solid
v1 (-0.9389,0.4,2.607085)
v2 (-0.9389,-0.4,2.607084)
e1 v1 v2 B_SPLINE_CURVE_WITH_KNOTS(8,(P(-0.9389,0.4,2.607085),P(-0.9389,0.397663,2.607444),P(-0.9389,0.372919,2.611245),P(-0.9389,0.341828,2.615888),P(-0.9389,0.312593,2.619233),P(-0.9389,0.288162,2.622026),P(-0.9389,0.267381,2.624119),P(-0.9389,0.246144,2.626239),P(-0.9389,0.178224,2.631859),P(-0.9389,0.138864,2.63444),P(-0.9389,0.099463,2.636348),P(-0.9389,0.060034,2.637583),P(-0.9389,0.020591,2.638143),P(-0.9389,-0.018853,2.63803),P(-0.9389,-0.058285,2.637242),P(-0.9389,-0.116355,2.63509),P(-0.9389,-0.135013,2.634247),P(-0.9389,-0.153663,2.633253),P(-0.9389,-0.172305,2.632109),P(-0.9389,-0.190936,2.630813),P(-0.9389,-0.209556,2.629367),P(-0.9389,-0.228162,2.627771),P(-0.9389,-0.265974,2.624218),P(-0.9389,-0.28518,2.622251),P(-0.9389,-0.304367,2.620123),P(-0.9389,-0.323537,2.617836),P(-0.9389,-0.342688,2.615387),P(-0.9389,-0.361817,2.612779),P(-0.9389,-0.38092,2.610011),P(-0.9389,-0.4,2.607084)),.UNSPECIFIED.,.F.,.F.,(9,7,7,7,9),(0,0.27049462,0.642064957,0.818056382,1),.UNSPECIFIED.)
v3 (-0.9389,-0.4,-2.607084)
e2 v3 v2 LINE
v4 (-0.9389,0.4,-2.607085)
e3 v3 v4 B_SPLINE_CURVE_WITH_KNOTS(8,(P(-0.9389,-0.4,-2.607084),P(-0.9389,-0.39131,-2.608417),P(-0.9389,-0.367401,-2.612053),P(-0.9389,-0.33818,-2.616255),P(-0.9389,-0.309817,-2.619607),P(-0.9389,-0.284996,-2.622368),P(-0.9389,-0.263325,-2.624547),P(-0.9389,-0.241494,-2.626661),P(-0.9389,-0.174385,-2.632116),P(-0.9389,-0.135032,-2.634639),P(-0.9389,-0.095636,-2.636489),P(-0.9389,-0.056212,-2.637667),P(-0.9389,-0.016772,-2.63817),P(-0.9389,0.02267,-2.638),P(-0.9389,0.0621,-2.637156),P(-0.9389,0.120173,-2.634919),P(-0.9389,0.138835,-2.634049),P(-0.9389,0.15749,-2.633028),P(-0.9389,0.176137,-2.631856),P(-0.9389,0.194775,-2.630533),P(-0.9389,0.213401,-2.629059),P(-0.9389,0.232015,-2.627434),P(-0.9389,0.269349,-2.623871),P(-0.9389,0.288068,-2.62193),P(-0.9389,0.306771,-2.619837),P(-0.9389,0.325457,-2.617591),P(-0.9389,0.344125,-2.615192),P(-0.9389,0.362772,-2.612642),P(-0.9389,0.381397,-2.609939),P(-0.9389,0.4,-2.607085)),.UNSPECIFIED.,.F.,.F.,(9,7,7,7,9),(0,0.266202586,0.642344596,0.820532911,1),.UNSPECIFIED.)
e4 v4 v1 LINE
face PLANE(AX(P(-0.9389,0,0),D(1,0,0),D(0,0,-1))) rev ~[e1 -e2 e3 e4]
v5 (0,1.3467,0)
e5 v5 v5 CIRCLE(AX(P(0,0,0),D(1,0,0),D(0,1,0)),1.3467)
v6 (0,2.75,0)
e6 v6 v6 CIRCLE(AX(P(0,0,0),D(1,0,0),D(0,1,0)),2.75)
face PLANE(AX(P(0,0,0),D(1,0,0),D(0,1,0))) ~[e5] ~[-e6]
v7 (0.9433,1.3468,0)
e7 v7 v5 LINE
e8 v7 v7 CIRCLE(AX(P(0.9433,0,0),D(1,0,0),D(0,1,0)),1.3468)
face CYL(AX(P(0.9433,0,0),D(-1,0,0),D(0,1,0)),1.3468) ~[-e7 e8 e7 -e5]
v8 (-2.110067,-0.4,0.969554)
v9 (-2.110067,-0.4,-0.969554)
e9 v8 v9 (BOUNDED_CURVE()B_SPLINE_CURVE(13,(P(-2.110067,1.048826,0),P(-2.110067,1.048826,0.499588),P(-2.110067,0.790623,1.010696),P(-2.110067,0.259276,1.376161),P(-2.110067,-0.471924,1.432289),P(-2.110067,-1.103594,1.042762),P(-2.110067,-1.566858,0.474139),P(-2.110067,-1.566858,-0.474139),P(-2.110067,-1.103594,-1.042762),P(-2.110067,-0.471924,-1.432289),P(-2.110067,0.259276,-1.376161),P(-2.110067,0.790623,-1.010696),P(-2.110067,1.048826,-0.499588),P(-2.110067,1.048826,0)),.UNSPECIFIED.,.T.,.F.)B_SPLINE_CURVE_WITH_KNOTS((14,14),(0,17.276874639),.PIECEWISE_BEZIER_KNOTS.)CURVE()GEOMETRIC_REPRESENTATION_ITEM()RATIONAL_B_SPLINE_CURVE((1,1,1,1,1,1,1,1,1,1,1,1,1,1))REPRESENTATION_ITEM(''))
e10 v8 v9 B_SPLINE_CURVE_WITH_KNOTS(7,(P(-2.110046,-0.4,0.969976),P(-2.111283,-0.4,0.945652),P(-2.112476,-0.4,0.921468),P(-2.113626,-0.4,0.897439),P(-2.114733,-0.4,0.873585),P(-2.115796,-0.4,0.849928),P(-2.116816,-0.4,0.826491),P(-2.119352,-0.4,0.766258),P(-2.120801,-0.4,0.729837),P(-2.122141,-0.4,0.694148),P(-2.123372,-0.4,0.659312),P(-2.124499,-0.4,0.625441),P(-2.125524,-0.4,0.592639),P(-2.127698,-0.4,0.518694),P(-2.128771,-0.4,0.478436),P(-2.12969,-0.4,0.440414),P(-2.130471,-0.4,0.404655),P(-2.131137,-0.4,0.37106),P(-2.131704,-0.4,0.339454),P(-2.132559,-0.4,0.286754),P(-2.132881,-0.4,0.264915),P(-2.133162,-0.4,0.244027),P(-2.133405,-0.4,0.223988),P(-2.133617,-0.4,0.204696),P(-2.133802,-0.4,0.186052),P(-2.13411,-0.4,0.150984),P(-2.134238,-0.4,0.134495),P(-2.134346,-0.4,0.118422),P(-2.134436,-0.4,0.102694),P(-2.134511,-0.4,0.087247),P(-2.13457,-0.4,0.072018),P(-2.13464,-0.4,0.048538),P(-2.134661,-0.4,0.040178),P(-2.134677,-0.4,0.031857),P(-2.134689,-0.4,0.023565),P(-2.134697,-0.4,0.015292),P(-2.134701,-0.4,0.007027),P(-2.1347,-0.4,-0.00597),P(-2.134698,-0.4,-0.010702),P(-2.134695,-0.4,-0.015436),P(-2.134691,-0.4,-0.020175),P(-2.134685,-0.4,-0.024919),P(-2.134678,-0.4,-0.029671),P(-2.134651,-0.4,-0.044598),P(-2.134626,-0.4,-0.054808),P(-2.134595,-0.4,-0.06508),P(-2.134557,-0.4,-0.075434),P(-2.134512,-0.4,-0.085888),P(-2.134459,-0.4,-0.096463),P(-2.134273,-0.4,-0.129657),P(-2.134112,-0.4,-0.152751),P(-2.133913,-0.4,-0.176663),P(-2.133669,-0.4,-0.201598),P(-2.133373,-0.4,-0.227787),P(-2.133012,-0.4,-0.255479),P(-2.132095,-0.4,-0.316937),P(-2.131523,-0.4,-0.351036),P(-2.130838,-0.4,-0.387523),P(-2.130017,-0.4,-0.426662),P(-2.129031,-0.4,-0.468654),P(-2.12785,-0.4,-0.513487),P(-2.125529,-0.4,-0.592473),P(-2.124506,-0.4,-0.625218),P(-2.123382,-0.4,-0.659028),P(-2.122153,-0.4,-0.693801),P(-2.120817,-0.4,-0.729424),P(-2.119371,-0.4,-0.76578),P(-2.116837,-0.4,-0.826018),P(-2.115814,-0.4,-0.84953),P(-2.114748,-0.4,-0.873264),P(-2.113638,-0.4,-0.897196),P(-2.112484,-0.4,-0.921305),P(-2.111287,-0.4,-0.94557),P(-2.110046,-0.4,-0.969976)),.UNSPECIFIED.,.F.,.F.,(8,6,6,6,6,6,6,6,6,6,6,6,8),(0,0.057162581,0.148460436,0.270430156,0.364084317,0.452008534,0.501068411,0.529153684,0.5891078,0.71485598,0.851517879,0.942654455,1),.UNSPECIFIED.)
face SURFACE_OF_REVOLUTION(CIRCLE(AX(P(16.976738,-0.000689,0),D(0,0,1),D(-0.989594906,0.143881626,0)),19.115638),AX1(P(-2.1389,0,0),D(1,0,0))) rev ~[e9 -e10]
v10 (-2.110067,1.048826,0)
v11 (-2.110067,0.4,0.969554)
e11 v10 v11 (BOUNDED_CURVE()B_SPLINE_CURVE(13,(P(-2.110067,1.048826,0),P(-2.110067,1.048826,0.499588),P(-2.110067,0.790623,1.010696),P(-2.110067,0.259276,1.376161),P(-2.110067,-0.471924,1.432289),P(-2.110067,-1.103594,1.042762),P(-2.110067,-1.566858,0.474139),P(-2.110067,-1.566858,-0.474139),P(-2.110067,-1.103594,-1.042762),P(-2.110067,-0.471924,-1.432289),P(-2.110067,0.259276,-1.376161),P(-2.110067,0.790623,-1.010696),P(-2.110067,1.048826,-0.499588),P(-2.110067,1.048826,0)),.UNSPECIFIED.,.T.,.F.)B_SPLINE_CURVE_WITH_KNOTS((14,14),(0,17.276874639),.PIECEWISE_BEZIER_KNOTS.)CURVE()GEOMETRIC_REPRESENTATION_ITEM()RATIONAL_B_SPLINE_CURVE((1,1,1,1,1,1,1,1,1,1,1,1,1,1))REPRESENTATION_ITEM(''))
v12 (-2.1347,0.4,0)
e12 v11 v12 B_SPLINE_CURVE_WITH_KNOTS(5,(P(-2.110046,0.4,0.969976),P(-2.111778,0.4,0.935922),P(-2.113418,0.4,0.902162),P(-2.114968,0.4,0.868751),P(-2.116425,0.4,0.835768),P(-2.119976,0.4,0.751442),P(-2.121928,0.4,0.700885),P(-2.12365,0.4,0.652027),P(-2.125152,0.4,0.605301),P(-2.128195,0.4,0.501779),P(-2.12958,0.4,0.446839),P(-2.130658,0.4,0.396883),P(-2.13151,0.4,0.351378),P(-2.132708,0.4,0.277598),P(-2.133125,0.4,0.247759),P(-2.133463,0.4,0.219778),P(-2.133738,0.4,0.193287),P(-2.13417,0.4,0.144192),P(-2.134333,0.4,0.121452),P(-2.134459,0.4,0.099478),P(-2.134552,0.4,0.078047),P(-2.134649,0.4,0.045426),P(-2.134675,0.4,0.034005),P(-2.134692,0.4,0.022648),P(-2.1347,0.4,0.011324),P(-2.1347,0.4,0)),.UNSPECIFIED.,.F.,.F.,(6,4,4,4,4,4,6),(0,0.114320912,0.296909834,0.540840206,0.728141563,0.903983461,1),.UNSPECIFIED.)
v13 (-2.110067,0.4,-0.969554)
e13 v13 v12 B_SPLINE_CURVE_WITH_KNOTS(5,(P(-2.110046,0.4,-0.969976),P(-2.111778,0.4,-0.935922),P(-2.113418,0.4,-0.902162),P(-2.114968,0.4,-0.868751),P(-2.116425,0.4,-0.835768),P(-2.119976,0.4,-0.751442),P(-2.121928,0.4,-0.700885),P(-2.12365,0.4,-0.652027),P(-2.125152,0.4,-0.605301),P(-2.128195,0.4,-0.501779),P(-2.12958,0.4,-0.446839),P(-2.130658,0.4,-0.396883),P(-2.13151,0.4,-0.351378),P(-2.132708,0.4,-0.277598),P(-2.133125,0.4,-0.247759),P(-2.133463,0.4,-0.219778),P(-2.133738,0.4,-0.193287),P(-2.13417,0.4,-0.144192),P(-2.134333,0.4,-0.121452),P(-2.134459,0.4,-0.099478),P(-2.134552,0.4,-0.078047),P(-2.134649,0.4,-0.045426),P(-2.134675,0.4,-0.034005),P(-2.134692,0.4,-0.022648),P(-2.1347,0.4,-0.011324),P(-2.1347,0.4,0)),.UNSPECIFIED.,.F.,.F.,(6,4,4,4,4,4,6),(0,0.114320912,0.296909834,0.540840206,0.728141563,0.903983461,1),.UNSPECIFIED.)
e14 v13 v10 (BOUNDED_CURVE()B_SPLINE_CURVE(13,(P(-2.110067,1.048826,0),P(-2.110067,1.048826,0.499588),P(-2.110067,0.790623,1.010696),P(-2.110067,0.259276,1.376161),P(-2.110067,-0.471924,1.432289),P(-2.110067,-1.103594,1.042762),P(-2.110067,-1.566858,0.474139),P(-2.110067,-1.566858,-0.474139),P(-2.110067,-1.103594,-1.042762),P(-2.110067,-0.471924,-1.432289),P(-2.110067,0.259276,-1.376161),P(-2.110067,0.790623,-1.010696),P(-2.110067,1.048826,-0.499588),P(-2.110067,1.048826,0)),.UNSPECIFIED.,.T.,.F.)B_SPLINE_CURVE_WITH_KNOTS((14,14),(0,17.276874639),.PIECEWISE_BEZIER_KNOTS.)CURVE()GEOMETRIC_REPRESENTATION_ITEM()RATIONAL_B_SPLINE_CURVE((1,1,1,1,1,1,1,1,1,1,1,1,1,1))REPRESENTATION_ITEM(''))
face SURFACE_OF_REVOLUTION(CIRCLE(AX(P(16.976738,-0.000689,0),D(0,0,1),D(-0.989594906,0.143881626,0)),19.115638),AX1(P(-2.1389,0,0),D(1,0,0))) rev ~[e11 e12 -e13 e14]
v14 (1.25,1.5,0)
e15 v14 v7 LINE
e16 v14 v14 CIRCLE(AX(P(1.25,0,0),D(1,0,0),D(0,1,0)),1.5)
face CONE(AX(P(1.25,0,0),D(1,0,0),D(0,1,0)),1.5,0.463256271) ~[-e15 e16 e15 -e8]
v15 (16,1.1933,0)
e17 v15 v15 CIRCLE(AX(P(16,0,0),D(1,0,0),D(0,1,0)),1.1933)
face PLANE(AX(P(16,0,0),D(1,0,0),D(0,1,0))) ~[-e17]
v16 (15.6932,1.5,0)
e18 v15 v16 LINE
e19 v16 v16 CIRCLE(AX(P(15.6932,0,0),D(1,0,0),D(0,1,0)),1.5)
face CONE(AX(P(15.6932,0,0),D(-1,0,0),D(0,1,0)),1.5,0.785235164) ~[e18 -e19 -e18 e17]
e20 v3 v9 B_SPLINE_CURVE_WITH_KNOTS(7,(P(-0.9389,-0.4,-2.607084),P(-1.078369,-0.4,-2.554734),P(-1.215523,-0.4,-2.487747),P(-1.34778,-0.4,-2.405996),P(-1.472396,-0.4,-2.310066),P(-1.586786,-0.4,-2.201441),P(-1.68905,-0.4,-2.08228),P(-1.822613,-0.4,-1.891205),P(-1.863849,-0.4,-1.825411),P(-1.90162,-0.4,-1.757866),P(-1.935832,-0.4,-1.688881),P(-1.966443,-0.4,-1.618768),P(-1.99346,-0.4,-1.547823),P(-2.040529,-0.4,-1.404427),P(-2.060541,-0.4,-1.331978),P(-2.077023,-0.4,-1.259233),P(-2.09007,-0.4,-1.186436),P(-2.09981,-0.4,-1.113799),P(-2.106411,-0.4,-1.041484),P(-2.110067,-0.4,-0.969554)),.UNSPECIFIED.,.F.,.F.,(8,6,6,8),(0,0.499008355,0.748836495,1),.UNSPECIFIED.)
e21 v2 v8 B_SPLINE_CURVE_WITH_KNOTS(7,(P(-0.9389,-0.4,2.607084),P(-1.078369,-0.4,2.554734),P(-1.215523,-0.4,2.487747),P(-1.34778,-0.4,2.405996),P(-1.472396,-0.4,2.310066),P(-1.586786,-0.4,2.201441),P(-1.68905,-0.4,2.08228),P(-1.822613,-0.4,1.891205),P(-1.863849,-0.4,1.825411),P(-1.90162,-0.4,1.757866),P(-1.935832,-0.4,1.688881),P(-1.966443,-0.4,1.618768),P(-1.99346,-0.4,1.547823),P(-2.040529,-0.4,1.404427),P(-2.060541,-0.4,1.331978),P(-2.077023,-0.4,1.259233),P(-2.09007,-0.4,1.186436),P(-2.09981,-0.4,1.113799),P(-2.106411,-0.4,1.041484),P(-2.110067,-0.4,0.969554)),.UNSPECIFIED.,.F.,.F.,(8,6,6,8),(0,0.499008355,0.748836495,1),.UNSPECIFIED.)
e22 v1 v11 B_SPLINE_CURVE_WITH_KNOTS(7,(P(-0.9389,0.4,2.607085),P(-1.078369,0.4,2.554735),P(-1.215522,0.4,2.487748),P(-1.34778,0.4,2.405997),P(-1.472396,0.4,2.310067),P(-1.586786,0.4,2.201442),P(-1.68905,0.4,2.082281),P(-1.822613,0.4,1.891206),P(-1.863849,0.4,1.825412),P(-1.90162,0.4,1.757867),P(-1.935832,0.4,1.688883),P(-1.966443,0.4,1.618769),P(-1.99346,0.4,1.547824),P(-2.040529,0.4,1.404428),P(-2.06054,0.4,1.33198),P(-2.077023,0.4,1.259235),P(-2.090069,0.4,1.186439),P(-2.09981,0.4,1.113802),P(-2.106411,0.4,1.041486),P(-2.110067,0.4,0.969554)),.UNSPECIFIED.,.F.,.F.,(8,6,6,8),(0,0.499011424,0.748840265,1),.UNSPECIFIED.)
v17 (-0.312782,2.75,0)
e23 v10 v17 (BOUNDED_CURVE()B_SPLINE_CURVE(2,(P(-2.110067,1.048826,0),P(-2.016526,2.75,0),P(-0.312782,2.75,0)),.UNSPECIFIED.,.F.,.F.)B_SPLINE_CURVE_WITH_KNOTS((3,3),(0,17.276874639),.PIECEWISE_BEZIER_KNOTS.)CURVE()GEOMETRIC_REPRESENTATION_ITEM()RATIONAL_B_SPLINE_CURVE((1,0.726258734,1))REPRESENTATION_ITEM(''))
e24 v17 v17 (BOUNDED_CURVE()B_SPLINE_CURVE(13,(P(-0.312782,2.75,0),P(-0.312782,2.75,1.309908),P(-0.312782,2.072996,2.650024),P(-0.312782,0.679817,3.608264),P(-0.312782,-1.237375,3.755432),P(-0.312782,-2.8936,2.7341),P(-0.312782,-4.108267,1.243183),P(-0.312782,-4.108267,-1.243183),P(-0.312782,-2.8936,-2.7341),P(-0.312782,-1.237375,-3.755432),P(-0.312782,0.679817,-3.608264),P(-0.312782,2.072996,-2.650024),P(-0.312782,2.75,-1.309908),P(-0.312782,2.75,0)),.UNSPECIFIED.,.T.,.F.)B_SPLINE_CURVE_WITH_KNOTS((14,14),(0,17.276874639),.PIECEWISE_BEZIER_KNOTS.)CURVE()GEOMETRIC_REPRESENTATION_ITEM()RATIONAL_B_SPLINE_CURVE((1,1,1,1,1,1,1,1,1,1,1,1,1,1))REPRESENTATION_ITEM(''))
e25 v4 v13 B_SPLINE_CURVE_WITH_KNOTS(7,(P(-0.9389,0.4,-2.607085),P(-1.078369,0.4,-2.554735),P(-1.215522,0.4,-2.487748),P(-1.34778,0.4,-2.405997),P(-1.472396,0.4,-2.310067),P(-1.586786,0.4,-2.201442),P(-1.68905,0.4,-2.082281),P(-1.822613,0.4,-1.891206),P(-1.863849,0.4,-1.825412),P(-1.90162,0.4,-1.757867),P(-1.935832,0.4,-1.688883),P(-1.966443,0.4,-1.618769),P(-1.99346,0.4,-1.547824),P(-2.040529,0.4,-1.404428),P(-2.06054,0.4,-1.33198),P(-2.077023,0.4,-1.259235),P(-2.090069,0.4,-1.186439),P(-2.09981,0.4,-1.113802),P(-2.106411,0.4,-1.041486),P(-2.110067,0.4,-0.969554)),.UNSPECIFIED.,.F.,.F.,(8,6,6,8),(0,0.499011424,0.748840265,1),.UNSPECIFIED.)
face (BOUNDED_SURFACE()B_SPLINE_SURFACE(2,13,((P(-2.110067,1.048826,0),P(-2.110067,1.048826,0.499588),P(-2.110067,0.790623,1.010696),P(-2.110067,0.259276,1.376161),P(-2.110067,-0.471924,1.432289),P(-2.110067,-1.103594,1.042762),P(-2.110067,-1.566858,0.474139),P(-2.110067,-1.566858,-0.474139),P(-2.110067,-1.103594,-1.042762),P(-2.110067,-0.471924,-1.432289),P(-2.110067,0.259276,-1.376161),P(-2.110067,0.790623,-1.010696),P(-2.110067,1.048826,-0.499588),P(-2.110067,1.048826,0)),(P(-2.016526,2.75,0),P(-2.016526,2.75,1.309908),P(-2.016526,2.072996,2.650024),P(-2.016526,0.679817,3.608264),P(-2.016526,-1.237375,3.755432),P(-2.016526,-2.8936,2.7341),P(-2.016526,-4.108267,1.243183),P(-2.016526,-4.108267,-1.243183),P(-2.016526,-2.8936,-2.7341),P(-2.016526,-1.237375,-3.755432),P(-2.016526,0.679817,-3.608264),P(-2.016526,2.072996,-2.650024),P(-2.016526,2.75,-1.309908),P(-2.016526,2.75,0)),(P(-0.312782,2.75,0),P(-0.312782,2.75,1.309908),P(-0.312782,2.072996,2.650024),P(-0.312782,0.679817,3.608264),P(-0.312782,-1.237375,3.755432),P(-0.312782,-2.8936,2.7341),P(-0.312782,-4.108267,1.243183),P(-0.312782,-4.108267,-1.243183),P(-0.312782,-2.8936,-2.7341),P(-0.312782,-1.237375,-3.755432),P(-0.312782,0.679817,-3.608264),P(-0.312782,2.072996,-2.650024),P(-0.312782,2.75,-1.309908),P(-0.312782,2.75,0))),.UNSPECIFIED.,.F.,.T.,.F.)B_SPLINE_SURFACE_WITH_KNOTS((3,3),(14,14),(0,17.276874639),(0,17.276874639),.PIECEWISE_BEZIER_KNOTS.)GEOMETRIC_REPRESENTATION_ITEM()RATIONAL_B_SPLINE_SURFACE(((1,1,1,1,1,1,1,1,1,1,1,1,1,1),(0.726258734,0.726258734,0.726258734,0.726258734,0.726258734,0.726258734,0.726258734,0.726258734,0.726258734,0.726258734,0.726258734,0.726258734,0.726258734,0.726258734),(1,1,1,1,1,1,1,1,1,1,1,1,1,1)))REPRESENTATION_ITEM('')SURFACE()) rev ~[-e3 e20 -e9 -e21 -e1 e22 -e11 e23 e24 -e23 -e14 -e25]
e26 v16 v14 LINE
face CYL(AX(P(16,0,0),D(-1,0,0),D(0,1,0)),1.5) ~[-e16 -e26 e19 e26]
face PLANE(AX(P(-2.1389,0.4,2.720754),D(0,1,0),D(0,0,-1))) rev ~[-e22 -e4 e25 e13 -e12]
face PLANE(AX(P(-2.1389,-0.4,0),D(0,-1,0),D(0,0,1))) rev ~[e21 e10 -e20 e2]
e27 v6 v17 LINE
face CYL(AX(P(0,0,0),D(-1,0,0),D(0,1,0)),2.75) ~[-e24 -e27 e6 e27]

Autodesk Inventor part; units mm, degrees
ref_plane "YZ Plane" through (0, 0, 0) normal (1, 0, 0) x (0, 1, 0)
sketch "Skizze1" plane through (0, 0, 0) normal (0, 0, 1) x (1, 0, 0)
  line L0 (-2.1389, 0) -> (16, 0)
  line L1 (16, 0) -> (16, 1.5)
  line L2 (16, 1.5) -> (1.25, 1.5)
  line L3 (1.25, 1.5) -> (0.9433, 1.3468)
  line L4 (0.9433, 1.3468) -> (0, 1.3467)
  line L5 (0, 1.3467) -> (0, 2.75)
  line L6 (-6.0203, 0) -> (20.8022, 0) projected
  line L7 (0, -0.5507) -> (0, 3.3039) projected
  line L8 (0, 2.75) -> (-1.94, 2.7497)
  arc A0 (-1.94, 2.7497) -> (-2.1389, 0) centre (16.9704, 0) ccw
  dimension "d0" = 16
  dimension "d1" = 14.75
  dimension "d2" = 0.3067
  dimension "d3" = 2.1389
  dimension "d4" = 3
  dimension "d5" = 2.6935
  dimension "d9" = 5.5
  dimension "d10" = 0.01
  dimension "d15" = 19.1093
revolve "Körper" add sketch "Skizze1" angle 360 about axis through (-2.1389, 0, 0) along (1, 0, 0)
fillet "Rundung1" radius 1.8 1 edges at (-1.94, -2.7497, 0)
ref_plane "IDS_WORKPLANE{1}" through (-2.1389, 0, 0) normal (1, 0, 0) x (0, 0, -1)
sketch "Skizze2" plane through (-2.1389, 0, 0) normal (1, 0, 0) x (0, 0, -1)
  line L0 (0, -3.85) -> (0, 3.85) projected
  line L1 (3.85, 0) -> (-3.85, 0) projected
  line L2 (-2.75, 0.4) -> (2.75, 0.4)
  line L3 (2.75, 0.4) -> (2.75, -0.4)
  line L4 (2.75, -0.4) -> (-2.75, -0.4)
  line L5 (-2.75, -0.4) -> (-2.75, 0.4)
  line L6 (0, 0.4) -> (0, -0.4) construction
  line L7 (-2.75, 0) -> (2.75, 0) construction
  circle A0 centre (0, 0) radius 2.75 projected
  dimension "d17" = 0.8
extrude "Loch" cut sketch "Skizze2" along normal blind 1.2 contours L4 A0 L1 L0 | L0 L1 A0 L4 | L4 L5 A0 | A0 L3 L4 | L1 A0 L2 L0 | L0 L2 A0 L1 | L5 L2 A0 | A0 L2 L3
thread "Gewinde" size "M3x0.5" class "6g" standard "ISO Metric profile" length 14.75
chamfer "Fase1" distance 0.3067 distance2 0.3068 1 edges at (16, -1.5, 0) measured on face at (16, 0.481, 0.3876)
ref_plane "Work Plane2" through (8.25, 0, 0) normal (0, 0, -1) x (1, 0, 0)
equation "\"d0\" = NLG"
equation "\"d1\" = GEL"
equation "\"d2\" = GAL"
equation "\"d3\" = KOH"
equation "\"d4\" = GD"
equation "\"d5\" = BDM"
equation "\"d9\" = KOD"
equation "\"d10\" = KEWI"
equation "\"d17\" = SBR"
equation "\"d18\" = STI"
equation "\"d20\" = RR"
equation "\"d11\" = GEL"
equation "\"d13\" = -0.5 * SPD + 0.5 * GD"
equation "\"GD\" = NND"
equation "\"NLG\" = 16"
equation "\"GEL\" = 14.75"
equation "\"KOD\" = 5.5"
equation "\"KOH\" = 2.13889"
equation "\"GAL\" = 0.61345 * PTC"
equation "\"SPD\" = NND - 1.2269 * PTC"
equation "\"BDM\" = 2.6935"
equation "\"GUL\" = 0.61345 * PTC"
equation "\"RR\" = 1.8"
equation "\"SBR\" = 0.8"
equation "\"STI\" = 1.2"
equation "\"KEWI\" = 0.01deg"
equation "\"KR\" = 3.3"
equation "\"d16\" = -KOH"
equation "\"PTC\" = 0.5"
equation "\"THREADDIA\" = 3"
equation "\"TOA\" = 30deg"
equation "\"NND\" = 3"
equation "\"ORI\" = 1.8"
equation "\"GD1\" = THREADDIA - 1.2269 * PTC"
properties part number "CNS 9671 - M3 x 16" material "Steel, Mild"
